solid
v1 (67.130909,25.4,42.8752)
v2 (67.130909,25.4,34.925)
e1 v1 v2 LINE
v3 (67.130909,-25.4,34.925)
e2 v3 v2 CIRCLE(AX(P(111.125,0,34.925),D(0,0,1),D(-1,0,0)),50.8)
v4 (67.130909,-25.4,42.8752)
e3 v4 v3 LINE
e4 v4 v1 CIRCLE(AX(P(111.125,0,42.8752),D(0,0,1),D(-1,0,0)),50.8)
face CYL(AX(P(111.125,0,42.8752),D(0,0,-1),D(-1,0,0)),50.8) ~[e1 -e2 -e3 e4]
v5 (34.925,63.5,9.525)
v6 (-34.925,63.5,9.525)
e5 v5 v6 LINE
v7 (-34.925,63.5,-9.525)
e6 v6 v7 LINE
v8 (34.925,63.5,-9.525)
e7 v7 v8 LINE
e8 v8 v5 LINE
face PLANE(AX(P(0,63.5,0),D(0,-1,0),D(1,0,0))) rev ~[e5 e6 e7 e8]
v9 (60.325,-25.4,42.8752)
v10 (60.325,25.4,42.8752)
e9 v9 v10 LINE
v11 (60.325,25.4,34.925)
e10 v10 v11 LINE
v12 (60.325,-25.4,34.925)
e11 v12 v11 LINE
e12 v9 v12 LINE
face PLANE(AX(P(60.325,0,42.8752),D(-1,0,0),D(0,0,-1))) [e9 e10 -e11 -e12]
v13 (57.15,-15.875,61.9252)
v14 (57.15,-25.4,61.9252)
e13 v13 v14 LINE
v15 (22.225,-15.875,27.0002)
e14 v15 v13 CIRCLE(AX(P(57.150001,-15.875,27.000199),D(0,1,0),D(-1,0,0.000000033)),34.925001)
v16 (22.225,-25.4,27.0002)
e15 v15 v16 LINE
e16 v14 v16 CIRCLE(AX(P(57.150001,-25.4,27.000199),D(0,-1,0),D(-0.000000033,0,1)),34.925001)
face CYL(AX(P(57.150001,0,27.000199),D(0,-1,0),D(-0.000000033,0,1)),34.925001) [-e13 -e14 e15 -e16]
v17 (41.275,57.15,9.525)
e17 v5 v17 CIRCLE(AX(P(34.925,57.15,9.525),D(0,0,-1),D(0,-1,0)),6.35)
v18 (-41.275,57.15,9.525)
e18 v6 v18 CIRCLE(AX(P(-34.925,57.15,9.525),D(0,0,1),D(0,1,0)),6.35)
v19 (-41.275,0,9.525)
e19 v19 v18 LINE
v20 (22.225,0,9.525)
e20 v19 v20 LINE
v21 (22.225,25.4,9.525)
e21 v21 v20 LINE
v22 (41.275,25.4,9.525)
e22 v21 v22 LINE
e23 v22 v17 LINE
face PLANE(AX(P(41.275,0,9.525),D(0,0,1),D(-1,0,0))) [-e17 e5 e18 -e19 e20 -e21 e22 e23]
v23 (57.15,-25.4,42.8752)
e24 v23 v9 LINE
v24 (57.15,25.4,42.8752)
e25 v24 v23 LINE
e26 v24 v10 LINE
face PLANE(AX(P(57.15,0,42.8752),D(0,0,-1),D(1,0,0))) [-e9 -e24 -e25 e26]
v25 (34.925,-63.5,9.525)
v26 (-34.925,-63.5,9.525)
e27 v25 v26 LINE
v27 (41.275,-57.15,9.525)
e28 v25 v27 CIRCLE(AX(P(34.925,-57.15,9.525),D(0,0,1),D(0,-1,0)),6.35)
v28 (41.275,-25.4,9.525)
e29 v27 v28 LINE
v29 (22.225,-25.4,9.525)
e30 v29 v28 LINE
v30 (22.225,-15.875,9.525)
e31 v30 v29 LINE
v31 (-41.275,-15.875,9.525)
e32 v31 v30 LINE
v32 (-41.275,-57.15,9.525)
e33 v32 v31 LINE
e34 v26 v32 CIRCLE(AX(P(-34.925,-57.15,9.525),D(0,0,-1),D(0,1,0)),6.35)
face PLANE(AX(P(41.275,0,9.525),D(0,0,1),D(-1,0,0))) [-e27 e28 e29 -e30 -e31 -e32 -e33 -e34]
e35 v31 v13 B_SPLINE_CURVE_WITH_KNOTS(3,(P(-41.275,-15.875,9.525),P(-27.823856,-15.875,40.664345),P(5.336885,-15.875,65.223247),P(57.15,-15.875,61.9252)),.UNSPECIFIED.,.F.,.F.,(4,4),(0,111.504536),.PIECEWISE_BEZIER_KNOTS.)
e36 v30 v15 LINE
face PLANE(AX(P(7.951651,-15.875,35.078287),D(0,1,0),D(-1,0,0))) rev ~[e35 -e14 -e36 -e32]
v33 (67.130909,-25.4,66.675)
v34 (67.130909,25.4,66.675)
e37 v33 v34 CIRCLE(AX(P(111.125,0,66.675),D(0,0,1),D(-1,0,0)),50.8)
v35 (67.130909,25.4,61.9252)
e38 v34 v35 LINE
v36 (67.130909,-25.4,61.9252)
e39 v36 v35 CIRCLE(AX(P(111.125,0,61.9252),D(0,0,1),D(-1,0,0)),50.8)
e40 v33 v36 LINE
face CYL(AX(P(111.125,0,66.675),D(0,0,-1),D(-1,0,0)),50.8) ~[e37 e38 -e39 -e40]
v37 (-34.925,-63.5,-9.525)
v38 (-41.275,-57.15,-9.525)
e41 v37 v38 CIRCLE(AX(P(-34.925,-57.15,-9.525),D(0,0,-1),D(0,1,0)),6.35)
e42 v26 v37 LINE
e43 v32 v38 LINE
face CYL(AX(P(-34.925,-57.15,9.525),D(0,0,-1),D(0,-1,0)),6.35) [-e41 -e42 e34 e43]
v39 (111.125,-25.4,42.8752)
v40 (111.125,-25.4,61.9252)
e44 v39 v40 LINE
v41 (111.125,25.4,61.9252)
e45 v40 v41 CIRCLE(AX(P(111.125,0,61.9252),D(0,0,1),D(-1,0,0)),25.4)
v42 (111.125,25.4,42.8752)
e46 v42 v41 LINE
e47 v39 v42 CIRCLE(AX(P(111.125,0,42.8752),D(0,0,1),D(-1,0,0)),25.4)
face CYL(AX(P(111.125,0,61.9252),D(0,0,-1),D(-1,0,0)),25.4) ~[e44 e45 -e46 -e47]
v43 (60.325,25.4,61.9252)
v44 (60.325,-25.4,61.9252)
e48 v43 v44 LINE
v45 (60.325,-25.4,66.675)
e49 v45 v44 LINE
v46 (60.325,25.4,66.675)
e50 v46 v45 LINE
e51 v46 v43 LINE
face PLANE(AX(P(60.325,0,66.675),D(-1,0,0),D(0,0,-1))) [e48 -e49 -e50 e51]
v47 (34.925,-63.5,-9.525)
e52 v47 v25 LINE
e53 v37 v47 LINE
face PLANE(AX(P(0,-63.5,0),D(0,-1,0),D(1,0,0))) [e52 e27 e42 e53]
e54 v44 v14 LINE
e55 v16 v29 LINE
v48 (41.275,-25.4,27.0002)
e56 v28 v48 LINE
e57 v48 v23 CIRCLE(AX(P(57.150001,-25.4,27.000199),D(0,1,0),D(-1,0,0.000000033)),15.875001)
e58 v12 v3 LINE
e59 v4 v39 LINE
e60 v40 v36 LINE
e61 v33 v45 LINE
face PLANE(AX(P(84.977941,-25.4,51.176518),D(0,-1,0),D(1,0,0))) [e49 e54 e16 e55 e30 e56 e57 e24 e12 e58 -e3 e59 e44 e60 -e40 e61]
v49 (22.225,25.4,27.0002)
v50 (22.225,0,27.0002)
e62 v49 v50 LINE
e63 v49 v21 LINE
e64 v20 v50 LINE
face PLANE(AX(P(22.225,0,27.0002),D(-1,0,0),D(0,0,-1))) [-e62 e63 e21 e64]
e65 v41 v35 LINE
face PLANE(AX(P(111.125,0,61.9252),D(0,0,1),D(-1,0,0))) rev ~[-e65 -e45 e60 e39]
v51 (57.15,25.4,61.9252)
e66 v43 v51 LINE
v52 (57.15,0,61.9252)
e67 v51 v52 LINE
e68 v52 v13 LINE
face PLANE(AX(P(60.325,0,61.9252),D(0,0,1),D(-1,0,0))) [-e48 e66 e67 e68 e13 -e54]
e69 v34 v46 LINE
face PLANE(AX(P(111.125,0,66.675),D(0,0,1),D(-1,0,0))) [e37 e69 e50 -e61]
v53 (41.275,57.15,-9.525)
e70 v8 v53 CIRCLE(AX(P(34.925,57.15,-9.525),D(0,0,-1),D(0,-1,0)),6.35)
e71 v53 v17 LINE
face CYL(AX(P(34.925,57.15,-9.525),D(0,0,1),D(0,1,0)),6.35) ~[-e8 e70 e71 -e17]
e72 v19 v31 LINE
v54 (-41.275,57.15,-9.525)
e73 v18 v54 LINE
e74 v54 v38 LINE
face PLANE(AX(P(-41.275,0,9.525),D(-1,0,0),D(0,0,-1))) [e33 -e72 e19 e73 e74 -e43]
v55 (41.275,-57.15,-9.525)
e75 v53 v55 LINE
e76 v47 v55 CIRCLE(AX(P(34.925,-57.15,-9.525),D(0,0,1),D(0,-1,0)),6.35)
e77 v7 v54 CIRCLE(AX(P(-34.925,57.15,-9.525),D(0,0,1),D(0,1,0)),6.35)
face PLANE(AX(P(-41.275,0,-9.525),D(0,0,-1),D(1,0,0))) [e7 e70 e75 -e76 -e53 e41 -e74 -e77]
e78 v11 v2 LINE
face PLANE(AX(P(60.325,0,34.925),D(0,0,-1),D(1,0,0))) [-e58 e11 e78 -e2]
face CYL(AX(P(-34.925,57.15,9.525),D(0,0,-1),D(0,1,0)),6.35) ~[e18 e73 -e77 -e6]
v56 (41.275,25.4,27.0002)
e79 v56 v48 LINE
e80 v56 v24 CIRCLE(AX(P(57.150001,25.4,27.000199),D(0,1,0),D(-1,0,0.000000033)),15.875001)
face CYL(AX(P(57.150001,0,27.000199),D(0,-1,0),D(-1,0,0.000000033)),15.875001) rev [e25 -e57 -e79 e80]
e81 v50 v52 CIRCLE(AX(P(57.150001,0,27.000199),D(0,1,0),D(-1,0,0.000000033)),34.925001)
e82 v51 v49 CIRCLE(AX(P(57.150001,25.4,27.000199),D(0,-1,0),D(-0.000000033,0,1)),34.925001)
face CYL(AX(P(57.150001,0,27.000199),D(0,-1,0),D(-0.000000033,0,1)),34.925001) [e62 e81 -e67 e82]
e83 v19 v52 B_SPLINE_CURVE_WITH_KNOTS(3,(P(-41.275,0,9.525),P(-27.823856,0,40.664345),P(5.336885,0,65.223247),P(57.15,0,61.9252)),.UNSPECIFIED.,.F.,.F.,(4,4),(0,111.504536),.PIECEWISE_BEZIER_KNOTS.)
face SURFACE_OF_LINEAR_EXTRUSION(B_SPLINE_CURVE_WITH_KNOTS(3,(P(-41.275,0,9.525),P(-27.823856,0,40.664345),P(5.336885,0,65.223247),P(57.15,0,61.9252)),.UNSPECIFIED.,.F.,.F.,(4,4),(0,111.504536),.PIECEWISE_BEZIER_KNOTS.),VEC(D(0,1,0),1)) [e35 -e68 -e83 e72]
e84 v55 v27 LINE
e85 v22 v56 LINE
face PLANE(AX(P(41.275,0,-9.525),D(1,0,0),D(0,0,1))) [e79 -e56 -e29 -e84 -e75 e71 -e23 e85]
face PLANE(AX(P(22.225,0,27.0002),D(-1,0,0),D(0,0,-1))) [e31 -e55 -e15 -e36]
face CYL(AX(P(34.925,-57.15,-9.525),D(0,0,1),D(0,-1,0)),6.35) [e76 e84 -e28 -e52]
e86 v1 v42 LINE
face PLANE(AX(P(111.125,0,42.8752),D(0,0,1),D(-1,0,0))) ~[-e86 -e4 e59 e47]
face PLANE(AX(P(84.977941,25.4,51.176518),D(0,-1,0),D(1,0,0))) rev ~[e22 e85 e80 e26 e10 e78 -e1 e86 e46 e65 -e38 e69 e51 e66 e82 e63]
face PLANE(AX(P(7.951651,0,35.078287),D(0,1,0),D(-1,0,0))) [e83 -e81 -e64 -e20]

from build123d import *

# Parameters (mm, degrees)
F1_DEPTH = 63.5
F0_W     = 25.4
F0_H     = 19.05
F2_DEPTH = 25.4
F3_DEPTH = 15.875
F5_R     = 6.35


with BuildPart() as f1:
    # F0 (on Front) → F1 (new body, symmetric)
    with BuildSketch(Plane.XZ):
        Polygon((-41.275, 9.525), (-41.275, -9.525), (41.275, -9.525), (41.275, 9.525), (22.225, 9.525), align=None)
    extrude(amount=F1_DEPTH, both=True)

    # F0 (on Front) → F2 (join, symmetric)
    with BuildSketch(Plane.XZ):
        Polygon((60.325, 66.675), (60.325, 61.9252), (85.725, 61.9252), (85.725, 42.8752), (60.325, 42.8752), (60.325, 34.925), (111.125, 34.925), (111.125, 66.675), align=None)
        with BuildLine():
            Line((22.225, 9.525), (41.275, 9.525))
            Line((41.275, 9.525), (41.275, 27.0002))
            ThreePointArc((41.275, 27.0002), (45.92468, 38.22552), (57.15, 42.8752))
            Line((57.15, 42.8752), (60.325, 42.8752))
            Line((60.325, 42.8752), (60.325, 61.9252))
            Line((60.325, 61.9252), (57.15, 61.9252))
            ThreePointArc((57.15, 61.9252), (32.454296, 51.695904), (22.225, 27.0002))
            Line((22.225, 27.0002), (22.225, 9.525))
        make_face()
        with Locations((73.025, 52.4002)):
            Rectangle(F0_W, F0_H)
    extrude(amount=F2_DEPTH, both=True)

    # F0 (on Front) → F3 (join)
    with BuildSketch(Plane.XZ):
        with BuildLine():
            add(Edge.make_bspline(
                [(-41.275, 9.525), (-27.823856, 40.664345), (5.336885, 65.223247), (57.15, 61.9252)],
                knots=[0, 0, 0, 0, 111.504536, 111.504536, 111.504536, 111.504536], degree=3))
            Line((-41.275, 9.525), (22.225, 9.525))
            Line((22.225, 9.525), (22.225, 27.0002))
            ThreePointArc((22.225, 27.0002), (32.454296, 51.695904), (57.15, 61.9252))
        make_face()
    extrude(amount=F3_DEPTH)

    # F0 (on Front) → F4 (revolve)
    with BuildSketch(Plane.XZ):
        Polygon((60.325, 66.675), (60.325, 61.9252), (85.725, 61.9252), (85.725, 42.8752), (60.325, 42.8752), (60.325, 34.925), (111.125, 34.925), (111.125, 66.675), align=None)
    revolve(axis=Axis((111.125, 0, 50.8), (0, 0, 1)))

    # F5
    f5_edges = [f1.edges().sort_by_distance(p)[0] for p in [
        (-41.275, -63.5, 0),
        (41.275, -63.5, 0),
        (41.275, 63.5, 0),
        (-41.275, 63.5, 0),
    ]]
    fillet(f5_edges, radius=F5_R)


solid = f1.part
